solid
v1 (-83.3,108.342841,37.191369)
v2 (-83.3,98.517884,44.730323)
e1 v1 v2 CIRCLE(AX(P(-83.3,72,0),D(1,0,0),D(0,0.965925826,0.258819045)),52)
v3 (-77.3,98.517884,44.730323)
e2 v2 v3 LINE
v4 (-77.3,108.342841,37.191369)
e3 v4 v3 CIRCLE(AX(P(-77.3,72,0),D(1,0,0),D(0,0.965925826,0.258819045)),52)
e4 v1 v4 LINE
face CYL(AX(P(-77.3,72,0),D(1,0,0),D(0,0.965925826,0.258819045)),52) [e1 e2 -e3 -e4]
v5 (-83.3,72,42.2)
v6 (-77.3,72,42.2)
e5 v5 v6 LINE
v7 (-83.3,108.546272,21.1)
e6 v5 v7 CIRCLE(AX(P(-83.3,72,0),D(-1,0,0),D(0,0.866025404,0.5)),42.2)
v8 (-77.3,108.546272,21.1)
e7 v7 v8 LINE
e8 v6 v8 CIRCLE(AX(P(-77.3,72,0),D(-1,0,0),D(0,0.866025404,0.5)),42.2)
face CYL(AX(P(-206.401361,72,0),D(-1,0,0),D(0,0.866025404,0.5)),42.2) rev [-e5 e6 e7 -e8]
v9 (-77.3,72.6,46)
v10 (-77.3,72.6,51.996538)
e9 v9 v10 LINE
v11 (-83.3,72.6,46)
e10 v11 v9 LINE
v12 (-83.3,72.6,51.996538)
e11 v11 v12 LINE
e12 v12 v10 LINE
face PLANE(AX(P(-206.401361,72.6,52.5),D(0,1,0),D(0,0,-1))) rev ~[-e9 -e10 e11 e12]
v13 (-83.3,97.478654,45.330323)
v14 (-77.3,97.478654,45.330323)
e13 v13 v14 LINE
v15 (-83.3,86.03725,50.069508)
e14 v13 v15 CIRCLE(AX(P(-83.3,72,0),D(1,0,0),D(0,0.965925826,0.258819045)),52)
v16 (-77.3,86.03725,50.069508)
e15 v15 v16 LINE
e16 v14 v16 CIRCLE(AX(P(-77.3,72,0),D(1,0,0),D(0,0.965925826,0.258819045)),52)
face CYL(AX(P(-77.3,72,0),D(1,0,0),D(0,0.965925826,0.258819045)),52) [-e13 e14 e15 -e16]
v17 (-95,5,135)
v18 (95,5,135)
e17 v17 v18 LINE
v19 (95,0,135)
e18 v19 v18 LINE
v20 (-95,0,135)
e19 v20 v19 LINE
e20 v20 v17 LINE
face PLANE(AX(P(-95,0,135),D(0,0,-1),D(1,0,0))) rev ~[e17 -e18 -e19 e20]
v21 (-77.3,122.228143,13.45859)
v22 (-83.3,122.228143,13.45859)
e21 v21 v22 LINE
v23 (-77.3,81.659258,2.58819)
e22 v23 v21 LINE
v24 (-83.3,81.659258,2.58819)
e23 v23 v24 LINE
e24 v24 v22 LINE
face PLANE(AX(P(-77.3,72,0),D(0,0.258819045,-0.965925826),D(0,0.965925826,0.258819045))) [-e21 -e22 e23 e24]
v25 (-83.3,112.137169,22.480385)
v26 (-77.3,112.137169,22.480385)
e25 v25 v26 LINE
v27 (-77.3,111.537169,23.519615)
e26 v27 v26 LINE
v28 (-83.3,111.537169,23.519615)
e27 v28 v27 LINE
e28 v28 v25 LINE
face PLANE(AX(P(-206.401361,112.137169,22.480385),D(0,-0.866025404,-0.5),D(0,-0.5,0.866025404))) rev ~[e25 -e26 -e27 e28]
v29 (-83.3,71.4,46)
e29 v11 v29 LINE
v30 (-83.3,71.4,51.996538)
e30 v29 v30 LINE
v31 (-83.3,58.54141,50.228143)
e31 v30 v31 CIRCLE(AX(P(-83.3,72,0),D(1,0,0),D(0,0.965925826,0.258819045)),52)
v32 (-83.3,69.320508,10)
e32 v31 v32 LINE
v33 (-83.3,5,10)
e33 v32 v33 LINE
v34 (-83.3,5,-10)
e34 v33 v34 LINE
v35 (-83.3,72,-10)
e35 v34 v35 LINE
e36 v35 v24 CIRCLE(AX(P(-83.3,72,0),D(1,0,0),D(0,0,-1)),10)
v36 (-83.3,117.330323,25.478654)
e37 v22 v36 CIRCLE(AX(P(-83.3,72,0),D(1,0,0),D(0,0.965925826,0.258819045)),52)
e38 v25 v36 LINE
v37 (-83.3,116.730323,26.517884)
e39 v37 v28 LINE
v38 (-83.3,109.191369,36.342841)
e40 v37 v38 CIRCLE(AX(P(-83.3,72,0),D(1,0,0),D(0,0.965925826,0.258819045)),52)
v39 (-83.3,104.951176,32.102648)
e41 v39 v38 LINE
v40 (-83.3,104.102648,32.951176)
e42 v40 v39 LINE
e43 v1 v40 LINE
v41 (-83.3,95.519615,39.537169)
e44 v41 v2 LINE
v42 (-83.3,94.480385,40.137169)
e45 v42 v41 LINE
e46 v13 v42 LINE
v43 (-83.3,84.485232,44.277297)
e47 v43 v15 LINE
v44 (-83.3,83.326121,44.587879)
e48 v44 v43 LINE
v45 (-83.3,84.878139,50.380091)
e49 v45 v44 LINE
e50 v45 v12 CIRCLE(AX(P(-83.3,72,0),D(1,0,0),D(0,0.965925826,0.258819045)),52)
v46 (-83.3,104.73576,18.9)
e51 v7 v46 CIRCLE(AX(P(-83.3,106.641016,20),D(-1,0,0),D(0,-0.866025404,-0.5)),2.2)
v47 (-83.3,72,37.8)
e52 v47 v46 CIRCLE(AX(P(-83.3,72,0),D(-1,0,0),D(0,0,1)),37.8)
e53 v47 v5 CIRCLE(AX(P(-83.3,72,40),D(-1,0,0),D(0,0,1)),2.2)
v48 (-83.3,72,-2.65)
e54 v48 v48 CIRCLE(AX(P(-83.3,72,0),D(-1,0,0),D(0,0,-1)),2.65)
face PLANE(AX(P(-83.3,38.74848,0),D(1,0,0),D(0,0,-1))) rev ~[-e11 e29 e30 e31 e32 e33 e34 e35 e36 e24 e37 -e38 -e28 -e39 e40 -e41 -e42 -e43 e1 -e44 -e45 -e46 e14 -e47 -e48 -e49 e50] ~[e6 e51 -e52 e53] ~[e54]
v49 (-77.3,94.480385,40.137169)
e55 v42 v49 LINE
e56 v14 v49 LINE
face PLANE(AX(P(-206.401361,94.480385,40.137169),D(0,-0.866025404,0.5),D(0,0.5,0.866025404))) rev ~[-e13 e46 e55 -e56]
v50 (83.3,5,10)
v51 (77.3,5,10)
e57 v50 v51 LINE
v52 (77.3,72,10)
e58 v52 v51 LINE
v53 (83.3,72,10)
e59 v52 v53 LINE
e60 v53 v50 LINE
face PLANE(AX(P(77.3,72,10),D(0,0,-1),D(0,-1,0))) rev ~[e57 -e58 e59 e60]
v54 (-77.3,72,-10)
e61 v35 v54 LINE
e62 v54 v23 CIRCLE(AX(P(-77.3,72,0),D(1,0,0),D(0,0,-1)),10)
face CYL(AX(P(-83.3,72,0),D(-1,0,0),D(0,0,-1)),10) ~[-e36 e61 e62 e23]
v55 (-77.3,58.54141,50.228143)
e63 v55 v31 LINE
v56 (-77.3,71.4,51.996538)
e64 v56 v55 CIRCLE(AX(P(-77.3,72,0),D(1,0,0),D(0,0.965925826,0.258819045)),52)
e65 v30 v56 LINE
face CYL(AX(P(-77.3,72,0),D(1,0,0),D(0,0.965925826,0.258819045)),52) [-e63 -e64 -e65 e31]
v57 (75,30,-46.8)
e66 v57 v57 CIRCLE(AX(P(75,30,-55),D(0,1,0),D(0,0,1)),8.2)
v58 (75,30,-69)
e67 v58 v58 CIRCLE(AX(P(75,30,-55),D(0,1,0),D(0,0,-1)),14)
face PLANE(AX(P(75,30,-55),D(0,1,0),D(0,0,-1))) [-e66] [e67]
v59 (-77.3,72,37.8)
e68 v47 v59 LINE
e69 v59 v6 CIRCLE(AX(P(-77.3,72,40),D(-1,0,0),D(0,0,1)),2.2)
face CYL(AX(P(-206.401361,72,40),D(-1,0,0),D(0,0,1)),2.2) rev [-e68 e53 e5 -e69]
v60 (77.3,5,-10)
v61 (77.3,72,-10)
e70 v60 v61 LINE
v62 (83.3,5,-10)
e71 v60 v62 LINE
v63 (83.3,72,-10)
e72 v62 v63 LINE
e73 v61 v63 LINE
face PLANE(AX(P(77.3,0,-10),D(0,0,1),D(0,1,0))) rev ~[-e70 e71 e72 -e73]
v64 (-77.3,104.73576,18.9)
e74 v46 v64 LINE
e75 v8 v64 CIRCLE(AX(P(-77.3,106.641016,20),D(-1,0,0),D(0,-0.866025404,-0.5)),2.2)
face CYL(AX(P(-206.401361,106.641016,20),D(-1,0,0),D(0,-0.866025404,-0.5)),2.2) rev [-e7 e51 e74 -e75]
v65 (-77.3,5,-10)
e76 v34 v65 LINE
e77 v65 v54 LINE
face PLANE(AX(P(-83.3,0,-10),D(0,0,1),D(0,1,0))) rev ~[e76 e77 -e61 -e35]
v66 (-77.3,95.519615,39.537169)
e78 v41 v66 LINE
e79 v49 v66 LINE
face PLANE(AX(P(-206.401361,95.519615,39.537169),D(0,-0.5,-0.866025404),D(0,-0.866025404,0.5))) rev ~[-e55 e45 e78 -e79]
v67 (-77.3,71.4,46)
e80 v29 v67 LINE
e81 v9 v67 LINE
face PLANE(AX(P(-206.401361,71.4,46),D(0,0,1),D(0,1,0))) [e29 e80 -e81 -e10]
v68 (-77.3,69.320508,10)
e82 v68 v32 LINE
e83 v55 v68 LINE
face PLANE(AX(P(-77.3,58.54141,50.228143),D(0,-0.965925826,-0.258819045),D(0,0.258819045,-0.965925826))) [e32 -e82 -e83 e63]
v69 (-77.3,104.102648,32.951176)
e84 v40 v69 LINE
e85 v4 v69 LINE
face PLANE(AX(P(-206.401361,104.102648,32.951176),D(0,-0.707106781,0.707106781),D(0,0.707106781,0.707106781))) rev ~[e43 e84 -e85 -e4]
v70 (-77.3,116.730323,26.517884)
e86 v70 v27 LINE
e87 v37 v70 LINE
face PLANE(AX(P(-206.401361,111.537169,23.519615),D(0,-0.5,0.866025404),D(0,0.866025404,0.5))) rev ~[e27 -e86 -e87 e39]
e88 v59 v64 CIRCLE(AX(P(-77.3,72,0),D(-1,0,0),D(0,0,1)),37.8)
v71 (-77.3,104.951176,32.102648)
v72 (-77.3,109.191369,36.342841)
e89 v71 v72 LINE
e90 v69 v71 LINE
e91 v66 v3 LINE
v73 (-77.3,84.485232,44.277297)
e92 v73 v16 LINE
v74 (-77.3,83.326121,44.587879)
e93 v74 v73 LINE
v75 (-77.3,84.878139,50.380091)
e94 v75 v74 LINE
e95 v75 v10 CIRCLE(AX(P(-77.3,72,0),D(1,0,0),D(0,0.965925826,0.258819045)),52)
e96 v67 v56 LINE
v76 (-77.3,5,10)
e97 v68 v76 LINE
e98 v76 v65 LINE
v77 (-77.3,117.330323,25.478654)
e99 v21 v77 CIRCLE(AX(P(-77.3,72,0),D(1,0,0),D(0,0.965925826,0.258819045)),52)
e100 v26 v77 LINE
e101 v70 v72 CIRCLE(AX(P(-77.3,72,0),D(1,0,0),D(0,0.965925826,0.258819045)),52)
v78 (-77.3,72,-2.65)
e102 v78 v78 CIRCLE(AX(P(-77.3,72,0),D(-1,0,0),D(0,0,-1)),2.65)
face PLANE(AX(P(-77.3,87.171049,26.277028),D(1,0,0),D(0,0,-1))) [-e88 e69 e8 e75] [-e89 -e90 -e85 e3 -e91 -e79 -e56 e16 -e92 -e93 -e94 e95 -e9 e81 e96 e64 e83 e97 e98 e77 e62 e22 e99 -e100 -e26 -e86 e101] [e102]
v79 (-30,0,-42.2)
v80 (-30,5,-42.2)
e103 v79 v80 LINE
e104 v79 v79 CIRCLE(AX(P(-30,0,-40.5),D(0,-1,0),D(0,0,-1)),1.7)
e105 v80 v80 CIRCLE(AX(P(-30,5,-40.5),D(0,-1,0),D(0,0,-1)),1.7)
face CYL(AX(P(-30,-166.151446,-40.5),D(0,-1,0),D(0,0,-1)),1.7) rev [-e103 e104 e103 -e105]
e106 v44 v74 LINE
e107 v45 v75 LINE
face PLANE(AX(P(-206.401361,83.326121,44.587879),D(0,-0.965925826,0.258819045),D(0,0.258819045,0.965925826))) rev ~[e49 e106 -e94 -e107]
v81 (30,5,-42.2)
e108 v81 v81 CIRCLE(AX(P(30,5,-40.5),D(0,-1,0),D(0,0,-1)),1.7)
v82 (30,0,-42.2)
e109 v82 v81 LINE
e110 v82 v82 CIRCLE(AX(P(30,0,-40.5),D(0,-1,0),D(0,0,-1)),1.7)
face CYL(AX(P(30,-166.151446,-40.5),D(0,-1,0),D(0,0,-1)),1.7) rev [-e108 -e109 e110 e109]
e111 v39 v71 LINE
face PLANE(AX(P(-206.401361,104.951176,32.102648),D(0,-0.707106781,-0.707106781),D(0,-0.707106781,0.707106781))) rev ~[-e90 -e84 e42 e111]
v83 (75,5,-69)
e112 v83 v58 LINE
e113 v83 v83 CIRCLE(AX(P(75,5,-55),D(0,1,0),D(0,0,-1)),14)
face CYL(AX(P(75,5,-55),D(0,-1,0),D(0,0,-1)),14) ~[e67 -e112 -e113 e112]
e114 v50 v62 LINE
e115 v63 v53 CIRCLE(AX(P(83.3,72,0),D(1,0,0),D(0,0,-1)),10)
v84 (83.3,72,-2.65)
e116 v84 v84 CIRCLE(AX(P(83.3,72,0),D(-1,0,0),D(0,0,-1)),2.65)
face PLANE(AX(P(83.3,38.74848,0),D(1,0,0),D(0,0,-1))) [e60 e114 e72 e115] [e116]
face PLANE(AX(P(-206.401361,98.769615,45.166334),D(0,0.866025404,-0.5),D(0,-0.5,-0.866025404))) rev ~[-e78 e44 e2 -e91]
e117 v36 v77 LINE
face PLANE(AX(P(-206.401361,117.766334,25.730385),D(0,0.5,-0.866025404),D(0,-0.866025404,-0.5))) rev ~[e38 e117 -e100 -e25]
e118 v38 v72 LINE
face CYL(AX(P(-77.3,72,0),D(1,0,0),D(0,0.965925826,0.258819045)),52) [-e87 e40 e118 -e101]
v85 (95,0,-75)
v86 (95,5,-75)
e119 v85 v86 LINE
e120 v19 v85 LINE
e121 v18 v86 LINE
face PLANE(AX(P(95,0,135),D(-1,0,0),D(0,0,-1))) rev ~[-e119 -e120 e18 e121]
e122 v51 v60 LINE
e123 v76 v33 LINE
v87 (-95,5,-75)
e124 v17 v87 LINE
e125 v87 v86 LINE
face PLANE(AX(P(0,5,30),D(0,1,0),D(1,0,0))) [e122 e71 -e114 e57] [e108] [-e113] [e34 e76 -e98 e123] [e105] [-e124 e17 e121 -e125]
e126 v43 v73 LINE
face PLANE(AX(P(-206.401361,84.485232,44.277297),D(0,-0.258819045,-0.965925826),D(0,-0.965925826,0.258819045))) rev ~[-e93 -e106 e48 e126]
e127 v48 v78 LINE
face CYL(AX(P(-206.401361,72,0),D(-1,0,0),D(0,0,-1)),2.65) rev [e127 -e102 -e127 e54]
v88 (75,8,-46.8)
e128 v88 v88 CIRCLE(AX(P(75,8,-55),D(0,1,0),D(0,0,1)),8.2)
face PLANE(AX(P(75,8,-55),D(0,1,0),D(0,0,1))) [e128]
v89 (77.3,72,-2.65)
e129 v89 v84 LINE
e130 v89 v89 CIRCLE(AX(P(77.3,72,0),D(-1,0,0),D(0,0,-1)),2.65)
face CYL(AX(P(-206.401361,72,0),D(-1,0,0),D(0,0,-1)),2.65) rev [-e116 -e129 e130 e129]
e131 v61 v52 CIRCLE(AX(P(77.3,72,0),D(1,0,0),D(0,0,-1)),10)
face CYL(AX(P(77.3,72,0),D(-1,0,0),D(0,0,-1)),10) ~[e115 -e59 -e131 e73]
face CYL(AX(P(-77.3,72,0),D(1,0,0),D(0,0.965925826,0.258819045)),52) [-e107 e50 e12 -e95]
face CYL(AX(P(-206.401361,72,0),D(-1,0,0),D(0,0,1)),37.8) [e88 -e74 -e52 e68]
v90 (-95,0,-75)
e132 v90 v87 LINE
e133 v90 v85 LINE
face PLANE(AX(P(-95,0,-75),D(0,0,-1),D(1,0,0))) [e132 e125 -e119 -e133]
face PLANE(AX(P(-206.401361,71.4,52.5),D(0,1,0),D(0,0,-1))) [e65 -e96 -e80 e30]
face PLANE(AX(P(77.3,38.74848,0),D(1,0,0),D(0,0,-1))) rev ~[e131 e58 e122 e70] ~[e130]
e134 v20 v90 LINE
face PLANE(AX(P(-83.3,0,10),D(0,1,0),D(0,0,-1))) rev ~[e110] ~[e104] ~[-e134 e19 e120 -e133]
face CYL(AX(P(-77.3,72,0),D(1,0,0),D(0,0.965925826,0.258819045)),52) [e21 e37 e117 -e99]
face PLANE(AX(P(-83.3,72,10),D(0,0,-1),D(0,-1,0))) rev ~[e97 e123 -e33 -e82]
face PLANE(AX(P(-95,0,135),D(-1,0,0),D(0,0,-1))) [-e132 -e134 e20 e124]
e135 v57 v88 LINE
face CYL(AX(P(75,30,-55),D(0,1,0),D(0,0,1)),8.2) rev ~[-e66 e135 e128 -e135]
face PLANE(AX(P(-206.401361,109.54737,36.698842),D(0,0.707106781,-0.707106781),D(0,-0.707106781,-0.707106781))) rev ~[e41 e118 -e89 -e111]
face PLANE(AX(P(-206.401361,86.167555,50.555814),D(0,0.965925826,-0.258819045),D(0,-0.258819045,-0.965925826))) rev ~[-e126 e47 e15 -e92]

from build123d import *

# Parameters (mm, degrees)
CROQUIS_BASE_W               = 190
CROQUIS_BASE_H               = 210
PLACA_BASE_DEPTH             = 5
AGUJEROS_CAJA_DEPTH          = 166.151445649
AGUJEROS_CAJA_DEPTH_BACK     = 166.151445649
CROQUIS_TORNILLOS_CAJA_R     = 1.7
CROQUIS_ZOCALO_R             = 14
ZOCALO_MASTIL_DEPTH          = 25
CROQUIS_ZOCALO_HUECO_R       = 8.2
ZOCALO_HUECO_DEPTH           = 22
TORRE_DERECHA_DEPTH          = 6
TORRE_IZQUIERDA_START        = -6
TORRE_IZQUIERDA_DEPTH        = 6
ABANICO_DEPTH                = 6
RANURA_ARCO_DEPTH            = 206.401360592
RANURA_ARCO_DEPTH_BACK       = 206.401360592
MARCAS_ANGULO_DEPTH          = 206.401360592
MARCAS_ANGULO_DEPTH_BACK     = 206.401360592
CROQUIS_MARCAS_15_W          = 6.5
CROQUIS_MARCAS_15_H          = 1.2
AGUJERO_PIVOTE_M5_DEPTH      = 206.401360592
AGUJERO_PIVOTE_M5_DEPTH_BACK = 206.401360592
CROQUIS_PIVOTE_R             = 2.65


with BuildPart() as part:
    # Croquis_base → Placa_base (new body)
    with BuildSketch(Plane(origin=(0, 0, 0), x_dir=(1, 0, 0), z_dir=(0, 1, 0))):
        with Locations((0, -30)):
            Rectangle(CROQUIS_BASE_W, CROQUIS_BASE_H)
    extrude(amount=PLACA_BASE_DEPTH)

    # Croquis_tornillos_caja → Agujeros_caja (cut, two sides: drawn at the far end of the back side and taken through both)
    with BuildSketch(Plane(origin=(0, 0, 0), x_dir=(1, 0, 0), z_dir=(0, 1, 0)).offset(-AGUJEROS_CAJA_DEPTH_BACK)):
        with Locations(Location((-30, 40.5, 0), (0, 0, 90))):
            Circle(CROQUIS_TORNILLOS_CAJA_R)
        with Locations(Location((30, 40.5, 0), (0, 0, 90))):
            Circle(CROQUIS_TORNILLOS_CAJA_R)
    extrude(amount=AGUJEROS_CAJA_DEPTH + AGUJEROS_CAJA_DEPTH_BACK, mode=Mode.SUBTRACT)

    # Croquis_zocalo → Zocalo_mastil (add)
    with BuildSketch(Plane(origin=(0, 5, 0), x_dir=(1, 0, 0), z_dir=(0, 1, 0))):
        with Locations(Location((75, 55, 0), (0, 0, 90))):
            Circle(CROQUIS_ZOCALO_R)
    extrude(amount=ZOCALO_MASTIL_DEPTH)

    # Croquis_zocalo_hueco → Zocalo_hueco (cut)
    with BuildSketch(Plane(origin=(0, 30, 0), x_dir=(1, 0, 0), z_dir=(0, 1, 0))):
        with Locations(Location((75, 55, 0), (0, 0, 270))):
            Circle(CROQUIS_ZOCALO_HUECO_R)
    extrude(amount=-ZOCALO_HUECO_DEPTH, mode=Mode.SUBTRACT)

    # Croquis_torre_der → Torre_derecha (add)
    with BuildSketch(Plane(origin=(77.3, 0, 0), x_dir=(0, 0, -1), z_dir=(1, 0, 0))):
        with BuildLine():
            Line((-10, 0), (10, 0))
            Line((10, 0), (10, 72))
            ThreePointArc((10, 72), (0, 82), (-10, 72))
            Line((-10, 72), (-10, 0))
        make_face()
    extrude(amount=TORRE_DERECHA_DEPTH)

    # Croquis_torre_izq → Torre_izquierda (add)
    with BuildSketch(Plane(origin=(-77.3, 0, 0), x_dir=(0, 0, -1), z_dir=(1, 0, 0)).offset(TORRE_IZQUIERDA_START)):
        with BuildLine():
            Line((-10, 0), (10, 0))
            Line((10, 0), (10, 72))
            ThreePointArc((10, 72), (0, 82), (-10, 72))
            Line((-10, 72), (-10, 0))
        make_face()
    extrude(amount=TORRE_IZQUIERDA_DEPTH)

    # Croquis_abanico → Abanico (add)
    with BuildSketch(Plane(origin=(-77.3, 0, 0), x_dir=(0, 0, -1), z_dir=(1, 0, 0))):
        with BuildLine():
            Line((0, 72), (-13.458590345, 122.228142967))
            ThreePointArc((-13.458590345, 122.228142967), (-45.033320997, 98), (-50.228142967, 58.541409655))
            Line((-50.228142967, 58.541409655), (0, 72))
        make_face()
    extrude(amount=-ABANICO_DEPTH)

    # Croquis_ranura_arco → Ranura_arco (cut, two sides: drawn at the far end of the back side and taken through both)
    with BuildSketch(Plane(origin=(0, 0, 0), x_dir=(0, 0, -1), z_dir=(1, 0, 0)).offset(-RANURA_ARCO_DEPTH_BACK)):
        with BuildLine():
            ThreePointArc((-21.1, 108.54627204), (-36.54627204, 93.1), (-42.2, 72))
            ThreePointArc((-42.2, 72), (-40, 69.8), (-37.8, 72))
            ThreePointArc((-37.8, 72), (-32.735760263, 90.9), (-18.9, 104.735760263))
            ThreePointArc((-18.9, 104.735760263), (-18.094744112, 107.741016151), (-21.1, 108.54627204))
        make_face()
    extrude(amount=RANURA_ARCO_DEPTH + RANURA_ARCO_DEPTH_BACK, mode=Mode.SUBTRACT)

    # Croquis_marcas_15 → Marcas_angulo (cut, two sides: drawn at the far end of the back side and taken through both)
    with BuildSketch(Plane(origin=(0, 0, 0), x_dir=(0, 0, -1), z_dir=(1, 0, 0)).offset(-MARCAS_ANGULO_DEPTH_BACK)):
        with Locations((-49.25, 72)):
            Rectangle(CROQUIS_MARCAS_15_W, CROQUIS_MARCAS_15_H)
        Polygon((-44.587879436, 83.326120579), (-50.866397307, 85.008444372), (-50.555814453, 86.167555364), (-44.277296582, 84.48523157), align=None)
        Polygon((-40.137168574, 94.480384758), (-45.766333699, 97.730384758), (-45.166333699, 98.769615242), (-39.537168574, 95.519615242), align=None)
        Polygon((-32.951176003, 104.102647866), (-37.547370081, 108.698841944), (-36.698841944, 109.547370081), (-32.102647866, 104.951176003), align=None)
        Polygon((-23.519615242, 111.537168574), (-26.769615242, 117.166333699), (-25.730384758, 117.766333699), (-22.480384758, 112.137168574), align=None)
    extrude(amount=MARCAS_ANGULO_DEPTH + MARCAS_ANGULO_DEPTH_BACK, mode=Mode.SUBTRACT)

    # Croquis_pivote → Agujero_pivote_M5 (cut, two sides: drawn at the far end of the back side and taken through both)
    with BuildSketch(Plane(origin=(0, 0, 0), x_dir=(0, 0, -1), z_dir=(1, 0, 0)).offset(-AGUJERO_PIVOTE_M5_DEPTH_BACK)):
        with Locations((0, 72)):
            Circle(CROQUIS_PIVOTE_R)
    extrude(amount=AGUJERO_PIVOTE_M5_DEPTH + AGUJERO_PIVOTE_M5_DEPTH_BACK, mode=Mode.SUBTRACT)


solid = part.part
